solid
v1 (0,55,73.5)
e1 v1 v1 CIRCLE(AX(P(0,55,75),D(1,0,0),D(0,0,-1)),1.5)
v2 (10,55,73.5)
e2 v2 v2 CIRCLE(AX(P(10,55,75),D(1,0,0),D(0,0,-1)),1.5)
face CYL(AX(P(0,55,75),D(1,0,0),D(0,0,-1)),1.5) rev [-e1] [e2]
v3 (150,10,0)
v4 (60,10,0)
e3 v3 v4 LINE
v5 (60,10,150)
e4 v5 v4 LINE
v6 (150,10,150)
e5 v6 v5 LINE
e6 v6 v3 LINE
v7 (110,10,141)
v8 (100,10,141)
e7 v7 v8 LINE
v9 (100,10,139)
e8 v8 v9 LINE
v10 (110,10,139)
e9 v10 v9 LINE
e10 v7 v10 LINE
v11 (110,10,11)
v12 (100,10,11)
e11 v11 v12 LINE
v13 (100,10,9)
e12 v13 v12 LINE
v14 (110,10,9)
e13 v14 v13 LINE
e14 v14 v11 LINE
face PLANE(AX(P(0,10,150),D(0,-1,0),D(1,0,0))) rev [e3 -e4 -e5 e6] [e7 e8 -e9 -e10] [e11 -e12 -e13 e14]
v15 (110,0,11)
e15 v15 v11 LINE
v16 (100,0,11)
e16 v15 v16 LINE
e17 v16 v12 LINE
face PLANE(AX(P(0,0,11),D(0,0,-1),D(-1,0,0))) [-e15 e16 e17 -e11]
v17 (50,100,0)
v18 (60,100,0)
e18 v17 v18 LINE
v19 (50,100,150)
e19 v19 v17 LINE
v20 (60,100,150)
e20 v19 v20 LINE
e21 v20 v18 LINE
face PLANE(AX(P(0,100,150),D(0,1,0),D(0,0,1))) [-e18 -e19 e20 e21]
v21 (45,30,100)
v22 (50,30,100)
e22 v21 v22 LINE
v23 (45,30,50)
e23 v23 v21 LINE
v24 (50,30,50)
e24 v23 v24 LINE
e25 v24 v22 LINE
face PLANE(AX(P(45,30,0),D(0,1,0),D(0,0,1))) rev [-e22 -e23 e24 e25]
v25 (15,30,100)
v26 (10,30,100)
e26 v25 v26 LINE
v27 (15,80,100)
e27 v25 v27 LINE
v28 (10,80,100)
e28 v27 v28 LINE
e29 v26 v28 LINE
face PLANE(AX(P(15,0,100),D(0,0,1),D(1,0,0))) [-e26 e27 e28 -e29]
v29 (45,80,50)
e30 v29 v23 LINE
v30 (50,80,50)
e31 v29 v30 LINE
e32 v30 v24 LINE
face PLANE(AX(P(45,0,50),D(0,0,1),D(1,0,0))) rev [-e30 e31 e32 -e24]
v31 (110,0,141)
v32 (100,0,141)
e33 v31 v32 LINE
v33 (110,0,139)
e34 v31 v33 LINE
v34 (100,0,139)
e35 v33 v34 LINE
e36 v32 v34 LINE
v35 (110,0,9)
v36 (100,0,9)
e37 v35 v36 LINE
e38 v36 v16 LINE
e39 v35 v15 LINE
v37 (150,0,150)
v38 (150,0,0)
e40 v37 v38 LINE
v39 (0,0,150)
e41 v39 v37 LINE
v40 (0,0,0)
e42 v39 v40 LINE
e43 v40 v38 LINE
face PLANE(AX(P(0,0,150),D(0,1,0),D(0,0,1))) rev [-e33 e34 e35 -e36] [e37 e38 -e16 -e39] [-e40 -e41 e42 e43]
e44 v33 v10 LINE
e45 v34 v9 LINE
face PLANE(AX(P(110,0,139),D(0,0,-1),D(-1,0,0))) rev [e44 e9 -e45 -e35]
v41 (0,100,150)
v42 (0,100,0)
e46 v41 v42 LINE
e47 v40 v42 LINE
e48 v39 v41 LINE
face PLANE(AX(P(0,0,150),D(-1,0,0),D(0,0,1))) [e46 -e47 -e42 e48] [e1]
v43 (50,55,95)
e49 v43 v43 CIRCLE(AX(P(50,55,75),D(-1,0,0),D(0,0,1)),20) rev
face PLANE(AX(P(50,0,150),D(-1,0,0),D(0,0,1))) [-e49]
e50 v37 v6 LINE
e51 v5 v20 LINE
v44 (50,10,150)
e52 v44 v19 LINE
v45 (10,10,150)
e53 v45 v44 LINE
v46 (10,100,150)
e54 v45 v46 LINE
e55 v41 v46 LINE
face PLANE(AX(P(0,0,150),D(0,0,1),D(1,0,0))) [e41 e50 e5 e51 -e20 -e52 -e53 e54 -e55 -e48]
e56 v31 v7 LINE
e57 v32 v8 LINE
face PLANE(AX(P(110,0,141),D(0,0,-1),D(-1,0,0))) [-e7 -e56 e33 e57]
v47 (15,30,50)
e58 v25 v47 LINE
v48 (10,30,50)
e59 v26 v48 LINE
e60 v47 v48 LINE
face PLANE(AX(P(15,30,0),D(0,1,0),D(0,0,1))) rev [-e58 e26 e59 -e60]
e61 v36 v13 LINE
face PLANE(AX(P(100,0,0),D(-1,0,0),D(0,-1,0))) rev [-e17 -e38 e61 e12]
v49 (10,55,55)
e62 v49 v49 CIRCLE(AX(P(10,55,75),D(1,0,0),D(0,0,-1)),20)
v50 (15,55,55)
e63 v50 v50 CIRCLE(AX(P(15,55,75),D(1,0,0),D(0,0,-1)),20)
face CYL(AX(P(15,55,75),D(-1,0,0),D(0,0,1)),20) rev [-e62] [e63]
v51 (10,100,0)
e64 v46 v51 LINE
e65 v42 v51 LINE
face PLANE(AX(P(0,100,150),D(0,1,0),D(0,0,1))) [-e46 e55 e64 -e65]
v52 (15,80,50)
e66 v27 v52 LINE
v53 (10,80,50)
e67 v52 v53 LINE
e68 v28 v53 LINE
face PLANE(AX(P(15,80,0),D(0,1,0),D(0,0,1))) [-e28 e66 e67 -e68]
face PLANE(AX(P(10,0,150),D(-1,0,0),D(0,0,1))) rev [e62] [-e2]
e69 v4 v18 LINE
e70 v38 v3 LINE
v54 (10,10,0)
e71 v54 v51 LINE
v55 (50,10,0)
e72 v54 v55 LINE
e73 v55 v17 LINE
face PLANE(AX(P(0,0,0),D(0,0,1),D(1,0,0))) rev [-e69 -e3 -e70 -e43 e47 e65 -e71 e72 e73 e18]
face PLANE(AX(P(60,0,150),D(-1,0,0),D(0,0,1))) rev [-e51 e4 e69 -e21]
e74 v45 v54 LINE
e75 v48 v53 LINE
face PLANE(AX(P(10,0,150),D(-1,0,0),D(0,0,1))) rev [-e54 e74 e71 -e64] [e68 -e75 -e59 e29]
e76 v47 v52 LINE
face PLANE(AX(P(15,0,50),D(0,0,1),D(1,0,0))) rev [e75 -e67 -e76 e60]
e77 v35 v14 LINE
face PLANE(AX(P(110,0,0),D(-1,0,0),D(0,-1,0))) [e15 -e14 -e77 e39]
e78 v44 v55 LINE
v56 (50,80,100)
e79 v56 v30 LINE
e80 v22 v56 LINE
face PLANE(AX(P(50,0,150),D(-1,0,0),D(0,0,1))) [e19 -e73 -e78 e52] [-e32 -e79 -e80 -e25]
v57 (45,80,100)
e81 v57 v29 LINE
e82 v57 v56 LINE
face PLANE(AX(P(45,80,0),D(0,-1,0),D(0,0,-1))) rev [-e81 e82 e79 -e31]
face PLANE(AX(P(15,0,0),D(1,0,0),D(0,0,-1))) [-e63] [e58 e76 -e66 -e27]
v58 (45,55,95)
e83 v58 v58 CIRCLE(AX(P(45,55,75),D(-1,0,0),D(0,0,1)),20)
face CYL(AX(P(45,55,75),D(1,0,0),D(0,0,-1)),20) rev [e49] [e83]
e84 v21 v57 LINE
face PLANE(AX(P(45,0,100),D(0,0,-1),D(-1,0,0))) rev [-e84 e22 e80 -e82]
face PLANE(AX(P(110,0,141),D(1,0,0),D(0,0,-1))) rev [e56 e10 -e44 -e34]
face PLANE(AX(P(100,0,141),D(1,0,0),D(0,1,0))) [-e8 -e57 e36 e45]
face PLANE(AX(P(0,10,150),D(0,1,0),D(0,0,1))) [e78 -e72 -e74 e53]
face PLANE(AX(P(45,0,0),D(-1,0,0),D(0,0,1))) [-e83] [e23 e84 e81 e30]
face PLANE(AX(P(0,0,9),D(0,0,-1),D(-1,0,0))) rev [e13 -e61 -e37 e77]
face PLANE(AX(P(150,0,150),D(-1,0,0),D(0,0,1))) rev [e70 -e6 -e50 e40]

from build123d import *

# Parameters (mm, degrees)
BOSS_EXTRUDE1_DEPTH = 150
SKETCH3_W           = 10
SKETCH3_H           = 2
CUT_EXTRUDE1_DEPTH  = 10
SKETCH4_W           = 50
SKETCH4_H           = 50
SKETCH4_R           = 20
BOSS_EXTRUDE2_DEPTH = 5
BOSS_EXTRUDE3_START = 5
SKETCH5_W           = 50
SKETCH5_H           = 50
SKETCH5_R           = 20
BOSS_EXTRUDE3_DEPTH = 5
SKETCH6_R           = 1.5
CUT_EXTRUDE2_DEPTH  = 229.25424421


with BuildPart() as part:
    # Sketch1 → Boss-Extrude1 (new body)
    with BuildSketch(Plane.XY):
        Polygon((50, 100), (50, 10), (10, 10), (10, 100), (0, 100), (0, 10), (0, 0), (10, 0), (150, 0), (150, 10), (60, 10), (60, 100), align=None)
    extrude(amount=BOSS_EXTRUDE1_DEPTH)

    # Sketch3 → Cut-Extrude1 (cut)
    with BuildSketch(Plane(origin=(0, 10, 0), x_dir=(1, 0, 0), z_dir=(0, 1, 0))):
        with Locations((105, -10)):
            Rectangle(SKETCH3_W, SKETCH3_H)
        with Locations((105, -140)):
            Rectangle(SKETCH3_W, SKETCH3_H)
    extrude(amount=-CUT_EXTRUDE1_DEPTH, mode=Mode.SUBTRACT)

    # Sketch4 → Boss-Extrude2 (add)
    with BuildSketch(Plane(origin=(10, 0, 0), x_dir=(0, 0, -1), z_dir=(1, 0, 0))):
        with Locations((-75, 55)):
            Rectangle(SKETCH4_W, SKETCH4_H)
        with Locations((-75, 55)):
            Circle(SKETCH4_R, mode=Mode.SUBTRACT)
    extrude(amount=BOSS_EXTRUDE2_DEPTH)

    # Sketch5 → Boss-Extrude3 (add)
    with BuildSketch(Plane.ZY.offset(-50).offset(BOSS_EXTRUDE3_START)):
        with Locations((75, 55)):
            Rectangle(SKETCH5_W, SKETCH5_H)
        with Locations(Location((75, 55, 0), (0, 0, 180))):
            Circle(SKETCH5_R, mode=Mode.SUBTRACT)
    extrude(amount=-BOSS_EXTRUDE3_DEPTH)

    # Sketch6 → Cut-Extrude2 (cut, through all)
    with BuildSketch(Plane(origin=(10, 0, 0), x_dir=(0, 0, -1), z_dir=(1, 0, 0))):
        with Locations((-75, 55)):
            Circle(SKETCH6_R)
    extrude(amount=-CUT_EXTRUDE2_DEPTH, mode=Mode.SUBTRACT)


solid = part.part
